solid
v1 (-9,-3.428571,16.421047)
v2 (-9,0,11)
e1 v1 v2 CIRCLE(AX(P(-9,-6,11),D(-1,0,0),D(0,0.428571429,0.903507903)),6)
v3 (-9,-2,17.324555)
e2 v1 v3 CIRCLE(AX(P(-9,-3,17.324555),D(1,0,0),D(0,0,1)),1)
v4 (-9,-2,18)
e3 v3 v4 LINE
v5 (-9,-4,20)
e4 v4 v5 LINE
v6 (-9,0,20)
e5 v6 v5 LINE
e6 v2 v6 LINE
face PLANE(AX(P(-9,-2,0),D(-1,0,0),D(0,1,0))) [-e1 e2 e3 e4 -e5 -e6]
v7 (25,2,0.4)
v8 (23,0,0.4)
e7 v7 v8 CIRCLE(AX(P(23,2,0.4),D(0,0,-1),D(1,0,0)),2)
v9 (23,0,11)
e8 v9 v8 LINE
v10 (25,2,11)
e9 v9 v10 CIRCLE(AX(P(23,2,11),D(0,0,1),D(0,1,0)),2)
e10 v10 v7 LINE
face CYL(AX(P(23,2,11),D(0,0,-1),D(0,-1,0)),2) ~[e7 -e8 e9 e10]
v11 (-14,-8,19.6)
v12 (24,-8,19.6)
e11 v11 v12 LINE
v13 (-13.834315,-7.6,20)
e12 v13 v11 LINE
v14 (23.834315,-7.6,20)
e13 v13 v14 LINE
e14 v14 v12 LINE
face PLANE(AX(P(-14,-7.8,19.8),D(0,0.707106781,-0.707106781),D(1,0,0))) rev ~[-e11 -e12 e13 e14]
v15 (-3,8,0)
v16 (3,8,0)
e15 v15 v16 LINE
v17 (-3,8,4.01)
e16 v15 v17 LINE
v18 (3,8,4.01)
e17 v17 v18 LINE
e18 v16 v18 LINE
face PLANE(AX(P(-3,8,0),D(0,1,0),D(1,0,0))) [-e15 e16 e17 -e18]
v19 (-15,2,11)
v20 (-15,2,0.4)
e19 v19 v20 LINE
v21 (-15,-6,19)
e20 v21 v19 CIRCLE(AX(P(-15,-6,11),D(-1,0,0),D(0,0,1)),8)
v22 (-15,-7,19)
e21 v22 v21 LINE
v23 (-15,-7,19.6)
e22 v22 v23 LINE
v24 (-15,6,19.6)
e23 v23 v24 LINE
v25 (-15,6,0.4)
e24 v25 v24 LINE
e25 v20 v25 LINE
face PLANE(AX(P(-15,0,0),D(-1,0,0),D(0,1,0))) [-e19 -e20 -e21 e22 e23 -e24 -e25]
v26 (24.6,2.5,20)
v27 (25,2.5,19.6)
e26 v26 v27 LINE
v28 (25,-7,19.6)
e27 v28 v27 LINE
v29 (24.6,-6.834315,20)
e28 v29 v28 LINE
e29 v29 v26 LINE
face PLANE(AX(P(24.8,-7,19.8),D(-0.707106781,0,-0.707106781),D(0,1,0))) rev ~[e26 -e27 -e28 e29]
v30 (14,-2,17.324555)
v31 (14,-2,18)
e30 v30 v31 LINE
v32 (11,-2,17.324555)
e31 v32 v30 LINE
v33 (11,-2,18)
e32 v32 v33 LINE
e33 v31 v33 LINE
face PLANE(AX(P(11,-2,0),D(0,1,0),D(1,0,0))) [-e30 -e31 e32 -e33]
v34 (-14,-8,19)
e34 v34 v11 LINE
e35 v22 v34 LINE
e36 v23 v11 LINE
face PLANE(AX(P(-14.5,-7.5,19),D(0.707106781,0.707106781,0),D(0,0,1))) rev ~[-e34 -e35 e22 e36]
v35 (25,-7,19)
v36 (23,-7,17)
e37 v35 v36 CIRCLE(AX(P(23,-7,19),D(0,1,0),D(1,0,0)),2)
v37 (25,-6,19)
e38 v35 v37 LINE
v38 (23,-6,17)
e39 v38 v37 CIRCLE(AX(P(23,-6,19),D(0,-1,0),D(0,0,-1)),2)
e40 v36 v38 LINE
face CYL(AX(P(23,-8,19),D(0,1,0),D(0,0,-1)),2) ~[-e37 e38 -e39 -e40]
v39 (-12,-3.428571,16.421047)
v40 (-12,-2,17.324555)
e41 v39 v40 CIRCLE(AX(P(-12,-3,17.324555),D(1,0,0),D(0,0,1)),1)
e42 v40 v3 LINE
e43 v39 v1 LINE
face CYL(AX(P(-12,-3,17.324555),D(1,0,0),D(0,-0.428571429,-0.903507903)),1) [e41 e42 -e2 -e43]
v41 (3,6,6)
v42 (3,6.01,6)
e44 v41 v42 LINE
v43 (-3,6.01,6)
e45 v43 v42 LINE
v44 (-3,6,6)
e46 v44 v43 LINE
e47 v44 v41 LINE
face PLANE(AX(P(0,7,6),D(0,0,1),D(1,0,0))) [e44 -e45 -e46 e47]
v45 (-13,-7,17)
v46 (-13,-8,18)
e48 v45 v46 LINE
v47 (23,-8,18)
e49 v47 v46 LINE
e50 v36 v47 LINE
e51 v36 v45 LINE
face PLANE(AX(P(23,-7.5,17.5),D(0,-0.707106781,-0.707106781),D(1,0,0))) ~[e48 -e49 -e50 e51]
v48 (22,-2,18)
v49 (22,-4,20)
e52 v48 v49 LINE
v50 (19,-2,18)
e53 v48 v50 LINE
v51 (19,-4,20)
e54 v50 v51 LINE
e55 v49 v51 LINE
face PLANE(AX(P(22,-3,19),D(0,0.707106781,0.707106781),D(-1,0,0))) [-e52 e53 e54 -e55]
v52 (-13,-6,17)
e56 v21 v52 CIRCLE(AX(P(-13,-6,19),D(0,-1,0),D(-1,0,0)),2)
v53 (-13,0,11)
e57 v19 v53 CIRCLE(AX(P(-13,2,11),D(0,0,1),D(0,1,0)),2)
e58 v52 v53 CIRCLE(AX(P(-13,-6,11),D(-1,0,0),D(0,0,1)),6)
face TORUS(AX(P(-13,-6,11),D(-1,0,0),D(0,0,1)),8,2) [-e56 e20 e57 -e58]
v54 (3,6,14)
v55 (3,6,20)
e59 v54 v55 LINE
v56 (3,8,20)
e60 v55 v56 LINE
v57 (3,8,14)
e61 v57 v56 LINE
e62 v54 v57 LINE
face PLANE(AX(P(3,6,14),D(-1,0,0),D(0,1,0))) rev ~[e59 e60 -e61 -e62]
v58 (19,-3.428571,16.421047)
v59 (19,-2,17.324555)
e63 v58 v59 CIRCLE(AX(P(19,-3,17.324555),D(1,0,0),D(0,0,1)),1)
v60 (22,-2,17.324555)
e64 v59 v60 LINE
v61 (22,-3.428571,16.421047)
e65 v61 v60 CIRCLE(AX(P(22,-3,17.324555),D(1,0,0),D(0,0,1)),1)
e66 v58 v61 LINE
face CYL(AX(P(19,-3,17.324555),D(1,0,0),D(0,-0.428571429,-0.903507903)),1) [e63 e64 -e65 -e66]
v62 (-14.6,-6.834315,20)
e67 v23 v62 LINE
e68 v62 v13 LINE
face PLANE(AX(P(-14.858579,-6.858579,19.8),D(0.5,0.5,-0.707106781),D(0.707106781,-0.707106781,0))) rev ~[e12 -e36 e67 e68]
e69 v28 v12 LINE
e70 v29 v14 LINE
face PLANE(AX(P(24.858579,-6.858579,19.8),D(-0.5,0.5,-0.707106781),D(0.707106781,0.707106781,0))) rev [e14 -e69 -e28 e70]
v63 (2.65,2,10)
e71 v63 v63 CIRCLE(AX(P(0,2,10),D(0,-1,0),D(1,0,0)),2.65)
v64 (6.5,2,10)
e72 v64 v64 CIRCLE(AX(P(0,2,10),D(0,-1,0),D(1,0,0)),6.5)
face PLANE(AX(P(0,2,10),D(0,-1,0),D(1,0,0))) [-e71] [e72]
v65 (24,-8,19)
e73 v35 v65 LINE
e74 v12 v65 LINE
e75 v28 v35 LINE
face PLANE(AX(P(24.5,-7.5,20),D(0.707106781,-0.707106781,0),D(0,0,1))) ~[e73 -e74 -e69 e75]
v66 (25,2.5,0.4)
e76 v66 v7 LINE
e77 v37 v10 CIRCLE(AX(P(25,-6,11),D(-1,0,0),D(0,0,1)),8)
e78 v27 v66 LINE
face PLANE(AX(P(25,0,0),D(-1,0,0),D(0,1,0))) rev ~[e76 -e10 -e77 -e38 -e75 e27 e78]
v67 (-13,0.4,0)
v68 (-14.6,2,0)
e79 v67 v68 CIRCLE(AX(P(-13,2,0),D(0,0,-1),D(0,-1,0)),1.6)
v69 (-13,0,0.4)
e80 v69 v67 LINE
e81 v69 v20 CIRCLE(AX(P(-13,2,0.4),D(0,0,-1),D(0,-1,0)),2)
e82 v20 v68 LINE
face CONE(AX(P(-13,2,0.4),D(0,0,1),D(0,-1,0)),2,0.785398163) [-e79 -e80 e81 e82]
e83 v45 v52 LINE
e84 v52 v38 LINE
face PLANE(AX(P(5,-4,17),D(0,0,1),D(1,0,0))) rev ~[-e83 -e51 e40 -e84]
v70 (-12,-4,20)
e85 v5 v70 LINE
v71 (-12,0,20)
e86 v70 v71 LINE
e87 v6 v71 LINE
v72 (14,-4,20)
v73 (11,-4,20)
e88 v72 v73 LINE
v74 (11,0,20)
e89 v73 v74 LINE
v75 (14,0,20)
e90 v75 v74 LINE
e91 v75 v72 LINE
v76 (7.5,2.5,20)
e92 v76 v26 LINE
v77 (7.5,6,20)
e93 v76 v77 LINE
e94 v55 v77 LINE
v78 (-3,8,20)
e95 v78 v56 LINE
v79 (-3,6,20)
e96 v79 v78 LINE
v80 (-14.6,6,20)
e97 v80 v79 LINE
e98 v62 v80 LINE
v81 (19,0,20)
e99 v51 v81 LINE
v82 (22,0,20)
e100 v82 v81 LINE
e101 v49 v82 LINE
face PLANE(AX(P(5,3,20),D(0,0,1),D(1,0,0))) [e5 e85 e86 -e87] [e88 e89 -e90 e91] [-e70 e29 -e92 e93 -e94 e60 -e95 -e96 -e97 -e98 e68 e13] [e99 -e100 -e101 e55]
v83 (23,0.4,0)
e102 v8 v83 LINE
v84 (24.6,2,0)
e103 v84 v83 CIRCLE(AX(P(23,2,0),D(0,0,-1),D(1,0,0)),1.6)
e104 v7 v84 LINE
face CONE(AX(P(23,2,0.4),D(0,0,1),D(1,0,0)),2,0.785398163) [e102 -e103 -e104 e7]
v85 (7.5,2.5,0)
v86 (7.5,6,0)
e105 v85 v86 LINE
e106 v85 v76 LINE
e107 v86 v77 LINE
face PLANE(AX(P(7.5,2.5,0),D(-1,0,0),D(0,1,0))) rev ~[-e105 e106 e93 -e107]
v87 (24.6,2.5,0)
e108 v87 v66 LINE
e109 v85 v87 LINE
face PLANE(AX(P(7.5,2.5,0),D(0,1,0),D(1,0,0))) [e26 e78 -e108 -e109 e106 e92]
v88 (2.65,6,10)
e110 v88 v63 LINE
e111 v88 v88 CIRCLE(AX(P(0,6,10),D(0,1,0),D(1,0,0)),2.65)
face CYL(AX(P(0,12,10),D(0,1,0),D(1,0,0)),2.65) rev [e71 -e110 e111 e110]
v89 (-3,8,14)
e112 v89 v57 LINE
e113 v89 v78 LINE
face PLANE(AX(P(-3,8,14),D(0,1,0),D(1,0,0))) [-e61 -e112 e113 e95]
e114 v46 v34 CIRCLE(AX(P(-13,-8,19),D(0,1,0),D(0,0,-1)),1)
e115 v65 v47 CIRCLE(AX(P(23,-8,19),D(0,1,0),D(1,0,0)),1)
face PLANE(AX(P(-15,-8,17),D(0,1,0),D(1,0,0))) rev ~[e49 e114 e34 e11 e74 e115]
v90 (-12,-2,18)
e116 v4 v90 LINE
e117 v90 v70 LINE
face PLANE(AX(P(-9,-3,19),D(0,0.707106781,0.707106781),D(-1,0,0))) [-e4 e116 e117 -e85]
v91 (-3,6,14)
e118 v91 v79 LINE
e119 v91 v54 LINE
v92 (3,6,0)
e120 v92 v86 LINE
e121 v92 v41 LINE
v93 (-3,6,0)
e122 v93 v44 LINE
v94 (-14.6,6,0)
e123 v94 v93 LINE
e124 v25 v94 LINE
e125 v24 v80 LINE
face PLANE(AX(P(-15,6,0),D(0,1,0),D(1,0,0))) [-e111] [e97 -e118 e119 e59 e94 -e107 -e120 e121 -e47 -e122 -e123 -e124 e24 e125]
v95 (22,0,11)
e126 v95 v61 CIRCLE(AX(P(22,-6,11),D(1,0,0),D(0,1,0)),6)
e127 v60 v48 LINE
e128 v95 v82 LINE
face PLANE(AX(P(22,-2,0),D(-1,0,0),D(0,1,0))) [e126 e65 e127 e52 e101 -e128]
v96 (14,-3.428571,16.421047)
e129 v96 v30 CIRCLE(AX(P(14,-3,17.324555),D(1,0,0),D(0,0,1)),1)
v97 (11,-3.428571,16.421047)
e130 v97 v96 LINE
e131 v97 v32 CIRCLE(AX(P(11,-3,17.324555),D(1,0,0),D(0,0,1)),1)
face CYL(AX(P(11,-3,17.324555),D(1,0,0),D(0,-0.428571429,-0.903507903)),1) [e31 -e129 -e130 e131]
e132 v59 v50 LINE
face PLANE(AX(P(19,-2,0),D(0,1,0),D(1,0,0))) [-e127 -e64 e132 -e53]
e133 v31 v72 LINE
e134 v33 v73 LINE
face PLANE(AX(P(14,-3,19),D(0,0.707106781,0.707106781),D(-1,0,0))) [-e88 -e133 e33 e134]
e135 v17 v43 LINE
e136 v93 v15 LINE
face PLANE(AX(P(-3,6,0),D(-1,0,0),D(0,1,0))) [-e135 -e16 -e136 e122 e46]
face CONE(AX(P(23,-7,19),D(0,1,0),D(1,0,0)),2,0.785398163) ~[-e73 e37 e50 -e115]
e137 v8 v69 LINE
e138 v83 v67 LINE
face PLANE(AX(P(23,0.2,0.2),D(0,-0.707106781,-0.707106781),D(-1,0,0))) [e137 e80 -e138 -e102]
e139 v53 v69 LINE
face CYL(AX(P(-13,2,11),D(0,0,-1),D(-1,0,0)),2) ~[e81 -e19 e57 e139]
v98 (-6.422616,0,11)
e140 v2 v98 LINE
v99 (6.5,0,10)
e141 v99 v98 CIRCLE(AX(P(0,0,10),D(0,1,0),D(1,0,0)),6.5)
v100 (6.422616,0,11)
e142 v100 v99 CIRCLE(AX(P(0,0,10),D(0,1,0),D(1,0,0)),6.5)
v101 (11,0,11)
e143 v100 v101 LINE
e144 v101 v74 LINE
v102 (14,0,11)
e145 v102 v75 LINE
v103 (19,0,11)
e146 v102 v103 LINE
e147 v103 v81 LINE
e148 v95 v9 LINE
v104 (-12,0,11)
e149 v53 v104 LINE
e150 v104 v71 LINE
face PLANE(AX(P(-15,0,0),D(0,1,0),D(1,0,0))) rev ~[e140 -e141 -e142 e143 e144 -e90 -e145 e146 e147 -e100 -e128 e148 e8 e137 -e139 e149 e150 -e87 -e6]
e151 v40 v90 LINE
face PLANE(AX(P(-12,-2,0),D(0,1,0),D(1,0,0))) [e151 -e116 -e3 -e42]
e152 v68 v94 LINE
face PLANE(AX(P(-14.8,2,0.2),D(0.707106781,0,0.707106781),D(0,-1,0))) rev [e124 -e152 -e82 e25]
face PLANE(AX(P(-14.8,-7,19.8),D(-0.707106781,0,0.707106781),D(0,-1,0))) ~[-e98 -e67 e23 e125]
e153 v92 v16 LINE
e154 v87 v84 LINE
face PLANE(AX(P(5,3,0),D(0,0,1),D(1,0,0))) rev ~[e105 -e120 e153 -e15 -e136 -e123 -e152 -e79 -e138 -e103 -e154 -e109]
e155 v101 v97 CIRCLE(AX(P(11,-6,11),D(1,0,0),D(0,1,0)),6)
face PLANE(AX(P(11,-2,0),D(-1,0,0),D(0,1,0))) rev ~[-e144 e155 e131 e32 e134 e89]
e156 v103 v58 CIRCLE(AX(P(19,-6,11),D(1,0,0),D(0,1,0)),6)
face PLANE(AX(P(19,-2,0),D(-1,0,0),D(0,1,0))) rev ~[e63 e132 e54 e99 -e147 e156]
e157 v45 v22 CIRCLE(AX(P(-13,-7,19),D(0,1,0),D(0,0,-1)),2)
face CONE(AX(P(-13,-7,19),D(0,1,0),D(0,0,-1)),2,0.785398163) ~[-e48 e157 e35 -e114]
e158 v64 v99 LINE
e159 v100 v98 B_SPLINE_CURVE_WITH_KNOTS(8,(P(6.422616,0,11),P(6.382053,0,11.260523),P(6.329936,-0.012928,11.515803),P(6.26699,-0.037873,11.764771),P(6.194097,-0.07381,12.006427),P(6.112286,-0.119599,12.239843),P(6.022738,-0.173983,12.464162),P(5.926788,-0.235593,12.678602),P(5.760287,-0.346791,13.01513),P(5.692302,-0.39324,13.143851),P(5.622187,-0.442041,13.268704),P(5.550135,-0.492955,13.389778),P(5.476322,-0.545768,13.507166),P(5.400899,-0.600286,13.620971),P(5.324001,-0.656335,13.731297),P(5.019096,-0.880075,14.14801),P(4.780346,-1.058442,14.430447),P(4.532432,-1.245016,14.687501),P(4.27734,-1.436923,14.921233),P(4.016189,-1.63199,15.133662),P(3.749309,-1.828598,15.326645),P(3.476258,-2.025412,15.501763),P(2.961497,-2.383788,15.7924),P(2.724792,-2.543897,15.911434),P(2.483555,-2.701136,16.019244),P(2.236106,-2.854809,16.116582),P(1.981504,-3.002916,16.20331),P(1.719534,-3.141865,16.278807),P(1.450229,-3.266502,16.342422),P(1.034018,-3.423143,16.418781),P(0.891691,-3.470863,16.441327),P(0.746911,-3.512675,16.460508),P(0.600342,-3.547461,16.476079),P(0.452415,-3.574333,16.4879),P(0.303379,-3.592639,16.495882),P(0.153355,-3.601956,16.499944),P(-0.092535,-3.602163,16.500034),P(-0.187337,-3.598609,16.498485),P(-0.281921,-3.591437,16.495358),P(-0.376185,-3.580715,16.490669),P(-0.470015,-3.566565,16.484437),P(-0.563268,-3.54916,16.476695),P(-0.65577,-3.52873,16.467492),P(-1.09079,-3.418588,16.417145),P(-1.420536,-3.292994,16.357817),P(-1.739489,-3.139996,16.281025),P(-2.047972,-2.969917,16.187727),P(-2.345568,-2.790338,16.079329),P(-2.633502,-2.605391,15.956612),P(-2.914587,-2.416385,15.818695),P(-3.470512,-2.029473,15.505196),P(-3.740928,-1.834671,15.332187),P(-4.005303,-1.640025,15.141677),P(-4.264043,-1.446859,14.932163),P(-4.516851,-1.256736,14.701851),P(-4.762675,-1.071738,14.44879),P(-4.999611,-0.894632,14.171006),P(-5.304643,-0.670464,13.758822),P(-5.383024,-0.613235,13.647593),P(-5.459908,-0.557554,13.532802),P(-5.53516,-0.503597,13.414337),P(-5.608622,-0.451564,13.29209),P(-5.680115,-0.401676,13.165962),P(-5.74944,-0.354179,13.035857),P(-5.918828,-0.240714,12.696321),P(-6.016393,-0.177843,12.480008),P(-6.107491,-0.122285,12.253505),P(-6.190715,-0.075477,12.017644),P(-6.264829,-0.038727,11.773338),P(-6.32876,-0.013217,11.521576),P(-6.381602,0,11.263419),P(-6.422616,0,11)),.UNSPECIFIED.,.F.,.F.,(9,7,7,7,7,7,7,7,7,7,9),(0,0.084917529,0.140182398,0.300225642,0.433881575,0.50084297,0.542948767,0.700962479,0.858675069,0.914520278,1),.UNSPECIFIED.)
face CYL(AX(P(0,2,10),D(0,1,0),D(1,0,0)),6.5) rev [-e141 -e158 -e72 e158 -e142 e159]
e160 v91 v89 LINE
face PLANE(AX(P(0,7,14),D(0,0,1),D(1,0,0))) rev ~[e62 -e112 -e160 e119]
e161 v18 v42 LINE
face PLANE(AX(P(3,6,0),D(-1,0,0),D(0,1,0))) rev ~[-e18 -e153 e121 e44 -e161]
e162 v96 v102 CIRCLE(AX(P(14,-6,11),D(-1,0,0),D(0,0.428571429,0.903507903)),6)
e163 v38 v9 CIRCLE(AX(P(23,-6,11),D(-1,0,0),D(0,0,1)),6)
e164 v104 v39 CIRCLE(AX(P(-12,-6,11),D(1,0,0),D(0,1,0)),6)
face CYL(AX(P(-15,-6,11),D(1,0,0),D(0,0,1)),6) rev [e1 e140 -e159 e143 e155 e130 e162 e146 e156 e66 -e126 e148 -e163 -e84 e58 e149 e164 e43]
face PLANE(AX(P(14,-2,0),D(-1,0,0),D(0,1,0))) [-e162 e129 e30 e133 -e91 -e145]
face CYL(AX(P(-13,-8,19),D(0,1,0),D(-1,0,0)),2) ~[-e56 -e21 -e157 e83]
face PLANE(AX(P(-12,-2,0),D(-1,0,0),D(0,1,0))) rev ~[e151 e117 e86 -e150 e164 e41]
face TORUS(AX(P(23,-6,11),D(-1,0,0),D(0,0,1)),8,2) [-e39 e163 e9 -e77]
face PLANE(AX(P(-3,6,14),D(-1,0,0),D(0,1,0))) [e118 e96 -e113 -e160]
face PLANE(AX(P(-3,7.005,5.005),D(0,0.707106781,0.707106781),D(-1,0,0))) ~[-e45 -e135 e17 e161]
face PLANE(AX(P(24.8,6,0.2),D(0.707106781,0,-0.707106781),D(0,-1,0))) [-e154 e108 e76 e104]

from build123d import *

# Parameters (mm, degrees)
BOX075_W                 = 18
BOX075_H                 = 4
BOX075_DEPTH             = 20
BOX073_W                 = 6
BOX073_H                 = 2
BOX073_DEPTH             = 6
CHAMFER022010022008_SIZE = 1.99
BOX074_W                 = 6
BOX074_H                 = 2
BOX074_DEPTH             = 6
BOX070_W                 = 3
BOX070_H                 = 2
BOX070_DEPTH             = 23
BOX071_W                 = 3
BOX071_H                 = 2
BOX071_DEPTH             = 23
BOX072_W                 = 3
BOX072_H                 = 2
BOX072_DEPTH             = 23
CYLINDER034_R            = 6.5
CYLINDER034_DEPTH        = 10
CYLINDER033_R            = 2.65
CYLINDER033_DEPTH        = 10
BOX068_W                 = 40
BOX068_H                 = 6
BOX068_DEPTH             = 20
BOX069_W                 = 40
BOX069_H                 = 8
BOX069_DEPTH             = 3
FILLET004_R              = 6
FILLET005_R              = 2
CHAMFER022010022005_SIZE = 1
CHAMFER022010022006_SIZE = 0.4
CHAMFER022010022007_SIZE = 2
FILLET006_R              = 1
CHAMFER022010022009_SIZE = 0.4


with BuildPart() as cube075:
    # Box075 → Box075 (new body)
    with BuildSketch(Plane(origin=(7.5, 2.5, 0), x_dir=(1, 0, 0), z_dir=(0, 0, 1))):
        with Locations((9, 2)):
            Rectangle(BOX075_W, BOX075_H)
    extrude(amount=BOX075_DEPTH)


with BuildPart() as chamfer022010022008:
    # Box073 → Box073 (new body)
    with BuildSketch(Plane(origin=(-3, 6, 0), x_dir=(1, 0, 0), z_dir=(0, 0, 1))):
        with Locations((3, 1)):
            Rectangle(BOX073_W, BOX073_H)
    extrude(amount=BOX073_DEPTH)

    # Chamfer022010022008
    chamfer022010022008_edges = [chamfer022010022008.edges().sort_by_distance(p)[0] for p in [
        (0, 8, 6),
    ]]
    chamfer(chamfer022010022008_edges, length=CHAMFER022010022008_SIZE)


with BuildPart() as cube074:
    # Box074 → Box074 (new body)
    with BuildSketch(Plane(origin=(-3, 6, 14), x_dir=(1, 0, 0), z_dir=(0, 0, 1))):
        with Locations((3, 1)):
            Rectangle(BOX074_W, BOX074_H)
    extrude(amount=BOX074_DEPTH)


with BuildPart() as cube070:
    # Box070 → Box070 (new body)
    with BuildSketch(Plane(origin=(19, -2, 0), x_dir=(1, 0, 0), z_dir=(0, 0, 1))):
        with Locations((1.5, 1)):
            Rectangle(BOX070_W, BOX070_H)
    extrude(amount=BOX070_DEPTH)


with BuildPart() as cube071:
    # Box071 → Box071 (new body)
    with BuildSketch(Plane(origin=(11, -2, 0), x_dir=(1, 0, 0), z_dir=(0, 0, 1))):
        with Locations((1.5, 1)):
            Rectangle(BOX071_W, BOX071_H)
    extrude(amount=BOX071_DEPTH)


with BuildPart() as fusion046:
    # Box072 → Box072 (new body)
    with BuildSketch(Plane(origin=(-12, -2, 0), x_dir=(1, 0, 0), z_dir=(0, 0, 1))):
        with Locations((1.5, 1)):
            Rectangle(BOX072_W, BOX072_H)
    extrude(amount=BOX072_DEPTH)

    # Fusion046: union Cube070, Cube071
    add(cube070.part)
    add(cube071.part)


with BuildPart() as cylinder034:
    # Cylinder034 → Cylinder034 (new body)
    with BuildSketch(Plane(origin=(0, 0, 10), x_dir=(1, 0, 0), z_dir=(0, -1, 0))):
        Circle(CYLINDER034_R)
    extrude(amount=CYLINDER034_DEPTH)


with BuildPart() as fusion044:
    # Cylinder033 → Cylinder033 (new body)
    with BuildSketch(Plane(origin=(0, 10, 10), x_dir=(1, 0, 0), z_dir=(0, -1, 0))):
        Circle(CYLINDER033_R)
    extrude(amount=CYLINDER033_DEPTH)

    # Fusion044: union Cylinder034
    add(cylinder034.part)


with BuildPart() as fusion044_1:
    # Fusion044 placement: moved
    add(fusion044.part.moved(Location((0, 2, 0))))


with BuildPart() as cube068:
    # Box068 → Box068 (new body)
    with BuildSketch(Plane(origin=(-15, 0, 0), x_dir=(1, 0, 0), z_dir=(0, 0, 1))):
        with Locations((20, 3)):
            Rectangle(BOX068_W, BOX068_H)
    extrude(amount=BOX068_DEPTH)


with BuildPart() as power_cord:
    # Box069 → Box069 (new body)
    with BuildSketch(Plane(origin=(-15, -8, 17), x_dir=(1, 0, 0), z_dir=(0, 0, 1))):
        with Locations((20, 4)):
            Rectangle(BOX069_W, BOX069_H)
    extrude(amount=BOX069_DEPTH)

    # Fusion045: union Cube068
    add(cube068.part)

    # Fillet004
    fillet004_edges = [power_cord.edges().sort_by_distance(p)[0] for p in [
        (5, 0, 17),
    ]]
    fillet(fillet004_edges, radius=FILLET004_R)

    # Fillet005
    fillet005_edges = [power_cord.edges().sort_by_distance(p)[0] for p in [
        (-15, -7, 17),
        (-15, -1.757359, 15.242641),
        (25, -7, 17),
        (25, -1.757359, 15.242641),
        (-15, 0, 5.5),
        (25, 0, 5.5),
    ]]
    fillet(fillet005_edges, radius=FILLET005_R)

    # Chamfer022010022005
    chamfer022010022005_edges = [power_cord.edges().sort_by_distance(p)[0] for p in [
        (-15, -8, 19.5),
        (5, -8, 17),
        (-14.414214, -8, 17.585786),
        (24.414214, -8, 17.585786),
        (25, -8, 19.5),
    ]]
    chamfer(chamfer022010022005_edges, length=CHAMFER022010022005_SIZE)

    # Chamfer022010022006
    chamfer022010022006_edges = [power_cord.edges().sort_by_distance(p)[0] for p in [
        (-15, -3.5, 20),
        (-14.5, -7.5, 20),
        (5, -8, 20),
        (25, -3.5, 20),
        (24.5, -7.5, 20),
        (-15, 3, 20),
        (25, 3, 20),
    ]]
    chamfer(chamfer022010022006_edges, length=CHAMFER022010022006_SIZE)

    # Cut024006004012005006: cut Fusion044
    add(fusion044_1.part, mode=Mode.SUBTRACT)

    # Cut024006004012005007: cut Fusion046
    add(fusion046.part, mode=Mode.SUBTRACT)

    # Chamfer022010022007
    chamfer022010022007_edges = [power_cord.edges().sort_by_distance(p)[0] for p in [
        (-10.5, -2, 20),
        (12.5, -2, 20),
        (20.5, -2, 20),
    ]]
    chamfer(chamfer022010022007_edges, length=CHAMFER022010022007_SIZE)

    # Fillet006
    fillet006_edges = [power_cord.edges().sort_by_distance(p)[0] for p in [
        (-10.5, -2, 15.472136),
        (20.5, -2, 15.472136),
        (12.5, -2, 15.472136),
    ]]
    fillet(fillet006_edges, radius=FILLET006_R)

    # Fusion047: union Chamfer022010022008, Cube074
    add(chamfer022010022008.part)
    add(cube074.part)

    # Chamfer022010022009
    chamfer022010022009_edges = [power_cord.edges().sort_by_distance(p)[0] for p in [
        (-12.5, 0, 0),
        (1, 0, 0),
        (22.5, 0, 0),
        (16.5, 0, 0),
        (-10.5, 0, 0),
        (-14.414214, 0.585786, 0),
        (-15, 4, 0),
        (12.5, 0, 0),
        (20.5, 0, 0),
        (25, 4, 0),
        (24.414214, 0.585786, 0),
    ]]
    chamfer(chamfer022010022009_edges, length=CHAMFER022010022009_SIZE)

    # Cut024006004012005008: cut Cube075
    add(cube075.part, mode=Mode.SUBTRACT)


solid = power_cord.part
